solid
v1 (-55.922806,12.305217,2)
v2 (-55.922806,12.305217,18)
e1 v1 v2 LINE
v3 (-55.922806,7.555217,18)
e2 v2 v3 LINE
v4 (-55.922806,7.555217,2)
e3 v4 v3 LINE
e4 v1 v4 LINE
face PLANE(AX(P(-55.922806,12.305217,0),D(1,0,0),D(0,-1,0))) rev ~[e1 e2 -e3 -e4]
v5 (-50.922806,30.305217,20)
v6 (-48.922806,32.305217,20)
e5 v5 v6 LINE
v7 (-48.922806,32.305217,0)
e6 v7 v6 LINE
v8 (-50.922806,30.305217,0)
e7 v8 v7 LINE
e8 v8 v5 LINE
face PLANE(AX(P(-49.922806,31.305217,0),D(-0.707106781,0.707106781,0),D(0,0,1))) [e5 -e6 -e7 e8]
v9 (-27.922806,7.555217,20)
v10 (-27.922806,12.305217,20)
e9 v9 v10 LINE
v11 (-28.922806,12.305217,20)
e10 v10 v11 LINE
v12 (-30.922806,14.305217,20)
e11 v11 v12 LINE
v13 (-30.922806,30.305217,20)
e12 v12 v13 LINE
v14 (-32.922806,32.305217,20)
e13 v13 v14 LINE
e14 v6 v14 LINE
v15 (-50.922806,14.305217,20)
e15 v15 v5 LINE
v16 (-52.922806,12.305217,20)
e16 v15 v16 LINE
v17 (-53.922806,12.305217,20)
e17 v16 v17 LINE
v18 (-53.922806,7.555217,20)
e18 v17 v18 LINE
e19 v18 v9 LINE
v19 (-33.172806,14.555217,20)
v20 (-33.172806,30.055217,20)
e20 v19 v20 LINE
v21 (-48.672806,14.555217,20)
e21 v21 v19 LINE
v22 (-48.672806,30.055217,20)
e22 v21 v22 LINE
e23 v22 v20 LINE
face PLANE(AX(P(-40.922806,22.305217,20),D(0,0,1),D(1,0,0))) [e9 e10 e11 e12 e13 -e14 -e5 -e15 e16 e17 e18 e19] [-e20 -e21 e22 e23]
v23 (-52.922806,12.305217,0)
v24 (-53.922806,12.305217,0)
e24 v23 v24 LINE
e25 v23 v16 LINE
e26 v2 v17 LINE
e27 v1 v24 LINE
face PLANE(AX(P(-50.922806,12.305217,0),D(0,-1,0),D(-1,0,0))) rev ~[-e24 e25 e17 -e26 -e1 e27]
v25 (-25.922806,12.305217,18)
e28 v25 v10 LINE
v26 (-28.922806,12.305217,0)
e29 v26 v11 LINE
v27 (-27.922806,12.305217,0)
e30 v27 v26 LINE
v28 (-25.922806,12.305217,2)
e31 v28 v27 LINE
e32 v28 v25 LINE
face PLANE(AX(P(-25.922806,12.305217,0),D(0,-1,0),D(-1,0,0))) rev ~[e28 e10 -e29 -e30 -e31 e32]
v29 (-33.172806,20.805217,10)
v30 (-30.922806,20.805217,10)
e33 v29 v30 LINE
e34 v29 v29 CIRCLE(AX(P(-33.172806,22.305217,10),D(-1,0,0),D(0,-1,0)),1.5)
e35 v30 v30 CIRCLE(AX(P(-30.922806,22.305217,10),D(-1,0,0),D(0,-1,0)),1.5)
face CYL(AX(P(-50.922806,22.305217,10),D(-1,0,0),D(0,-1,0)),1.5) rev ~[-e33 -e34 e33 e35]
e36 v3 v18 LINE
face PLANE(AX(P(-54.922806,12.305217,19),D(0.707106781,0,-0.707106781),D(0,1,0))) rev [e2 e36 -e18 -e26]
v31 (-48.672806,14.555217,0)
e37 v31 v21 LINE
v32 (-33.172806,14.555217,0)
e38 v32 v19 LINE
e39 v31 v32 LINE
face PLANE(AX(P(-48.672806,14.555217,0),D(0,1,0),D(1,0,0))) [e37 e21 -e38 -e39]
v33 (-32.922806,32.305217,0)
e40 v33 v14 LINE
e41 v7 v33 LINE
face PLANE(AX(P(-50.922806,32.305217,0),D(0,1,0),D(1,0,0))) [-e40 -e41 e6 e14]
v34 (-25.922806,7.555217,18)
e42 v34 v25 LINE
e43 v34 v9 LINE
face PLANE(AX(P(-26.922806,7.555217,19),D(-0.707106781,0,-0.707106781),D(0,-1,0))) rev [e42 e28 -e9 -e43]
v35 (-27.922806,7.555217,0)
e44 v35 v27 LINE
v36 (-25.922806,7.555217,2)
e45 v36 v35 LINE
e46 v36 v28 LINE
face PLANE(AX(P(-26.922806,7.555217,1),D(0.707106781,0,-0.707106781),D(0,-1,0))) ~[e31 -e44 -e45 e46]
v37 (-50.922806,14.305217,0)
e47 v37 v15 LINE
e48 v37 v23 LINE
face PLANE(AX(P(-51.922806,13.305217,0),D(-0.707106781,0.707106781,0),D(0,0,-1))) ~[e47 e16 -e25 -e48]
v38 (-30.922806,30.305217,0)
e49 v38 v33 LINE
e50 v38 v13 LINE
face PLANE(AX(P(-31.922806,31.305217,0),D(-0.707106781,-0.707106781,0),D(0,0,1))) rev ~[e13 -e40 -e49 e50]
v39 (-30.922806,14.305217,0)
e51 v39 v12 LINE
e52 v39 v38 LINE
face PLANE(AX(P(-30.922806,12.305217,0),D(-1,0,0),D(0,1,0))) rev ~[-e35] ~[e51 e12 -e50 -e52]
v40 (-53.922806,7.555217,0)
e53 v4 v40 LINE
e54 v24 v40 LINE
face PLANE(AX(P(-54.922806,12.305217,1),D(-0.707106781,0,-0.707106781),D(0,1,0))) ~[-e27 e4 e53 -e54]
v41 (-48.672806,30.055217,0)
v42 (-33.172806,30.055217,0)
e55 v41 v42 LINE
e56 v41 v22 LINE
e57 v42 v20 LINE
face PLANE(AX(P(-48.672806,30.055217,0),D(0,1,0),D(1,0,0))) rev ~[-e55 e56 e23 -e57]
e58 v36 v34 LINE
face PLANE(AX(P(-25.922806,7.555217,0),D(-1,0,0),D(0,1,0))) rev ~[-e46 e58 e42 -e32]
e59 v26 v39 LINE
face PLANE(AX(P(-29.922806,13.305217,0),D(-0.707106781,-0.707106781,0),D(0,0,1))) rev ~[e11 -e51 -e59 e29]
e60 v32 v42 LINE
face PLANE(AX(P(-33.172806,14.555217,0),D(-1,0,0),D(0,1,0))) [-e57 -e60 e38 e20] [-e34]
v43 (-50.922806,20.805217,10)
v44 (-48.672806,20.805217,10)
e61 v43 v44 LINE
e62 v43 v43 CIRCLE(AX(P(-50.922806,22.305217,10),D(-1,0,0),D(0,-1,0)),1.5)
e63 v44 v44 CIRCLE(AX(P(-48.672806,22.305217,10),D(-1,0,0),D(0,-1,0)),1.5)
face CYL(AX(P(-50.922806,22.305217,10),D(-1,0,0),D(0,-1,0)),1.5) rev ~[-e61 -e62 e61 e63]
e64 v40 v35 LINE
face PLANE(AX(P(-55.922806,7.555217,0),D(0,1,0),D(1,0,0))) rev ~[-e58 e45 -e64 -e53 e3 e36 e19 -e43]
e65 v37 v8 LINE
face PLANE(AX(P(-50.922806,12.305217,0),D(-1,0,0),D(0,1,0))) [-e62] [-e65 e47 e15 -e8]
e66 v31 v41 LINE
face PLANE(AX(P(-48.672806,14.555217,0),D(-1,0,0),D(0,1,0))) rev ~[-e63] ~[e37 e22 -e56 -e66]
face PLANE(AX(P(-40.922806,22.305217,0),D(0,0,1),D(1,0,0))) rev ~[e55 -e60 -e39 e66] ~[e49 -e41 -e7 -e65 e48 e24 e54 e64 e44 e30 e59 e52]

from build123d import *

# Parameters (mm, degrees)
F0_W     = 20
F0_H     = 20
F0_W_2   = 15.5
F0_H_2   = 15.5
F1_DEPTH = 20
F2_SIZE  = 2
F3_R     = 1.5
F4_DEPTH = 25


with BuildPart() as f1:
    # F0 (on Top) → F1 (new body)
    with BuildSketch(Plane.XY):
        with Locations((-40.922806, 22.305217)):
            Rectangle(F0_W, F0_H)
        with Locations((-40.922806, 22.305217)):
            Rectangle(F0_W_2, F0_H_2, mode=Mode.SUBTRACT)
        Polygon((-30.922806, 12.305217), (-50.922806, 12.305217), (-55.922806, 12.305217), (-55.922806, 7.555217), (-25.922806, 7.555217), (-25.922806, 12.305217), align=None)
    extrude(amount=F1_DEPTH)

    # F2
    f2_edges = [f1.edges().sort_by_distance(p)[0] for p in [
        (-50.922806, 32.305217, 10),
        (-30.922806, 32.305217, 10),
        (-25.922806, 9.930217, 20),
        (-55.922806, 9.930217, 20),
        (-55.922806, 9.930217, 0),
        (-25.922806, 9.930217, 0),
        (-30.922806, 12.305217, 10),
        (-50.922806, 12.305217, 10),
    ]]
    chamfer(f2_edges, length=F2_SIZE)

    # F3 (on face) → F4 (cut)
    with BuildSketch(Plane(origin=(-50.922806, 0, 0), x_dir=(0, -1, 0), z_dir=(-1, 0, 0))):
        with Locations((-22.305217, 10)):
            Circle(F3_R)
    extrude(amount=-F4_DEPTH, mode=Mode.SUBTRACT)


solid = f1.part
